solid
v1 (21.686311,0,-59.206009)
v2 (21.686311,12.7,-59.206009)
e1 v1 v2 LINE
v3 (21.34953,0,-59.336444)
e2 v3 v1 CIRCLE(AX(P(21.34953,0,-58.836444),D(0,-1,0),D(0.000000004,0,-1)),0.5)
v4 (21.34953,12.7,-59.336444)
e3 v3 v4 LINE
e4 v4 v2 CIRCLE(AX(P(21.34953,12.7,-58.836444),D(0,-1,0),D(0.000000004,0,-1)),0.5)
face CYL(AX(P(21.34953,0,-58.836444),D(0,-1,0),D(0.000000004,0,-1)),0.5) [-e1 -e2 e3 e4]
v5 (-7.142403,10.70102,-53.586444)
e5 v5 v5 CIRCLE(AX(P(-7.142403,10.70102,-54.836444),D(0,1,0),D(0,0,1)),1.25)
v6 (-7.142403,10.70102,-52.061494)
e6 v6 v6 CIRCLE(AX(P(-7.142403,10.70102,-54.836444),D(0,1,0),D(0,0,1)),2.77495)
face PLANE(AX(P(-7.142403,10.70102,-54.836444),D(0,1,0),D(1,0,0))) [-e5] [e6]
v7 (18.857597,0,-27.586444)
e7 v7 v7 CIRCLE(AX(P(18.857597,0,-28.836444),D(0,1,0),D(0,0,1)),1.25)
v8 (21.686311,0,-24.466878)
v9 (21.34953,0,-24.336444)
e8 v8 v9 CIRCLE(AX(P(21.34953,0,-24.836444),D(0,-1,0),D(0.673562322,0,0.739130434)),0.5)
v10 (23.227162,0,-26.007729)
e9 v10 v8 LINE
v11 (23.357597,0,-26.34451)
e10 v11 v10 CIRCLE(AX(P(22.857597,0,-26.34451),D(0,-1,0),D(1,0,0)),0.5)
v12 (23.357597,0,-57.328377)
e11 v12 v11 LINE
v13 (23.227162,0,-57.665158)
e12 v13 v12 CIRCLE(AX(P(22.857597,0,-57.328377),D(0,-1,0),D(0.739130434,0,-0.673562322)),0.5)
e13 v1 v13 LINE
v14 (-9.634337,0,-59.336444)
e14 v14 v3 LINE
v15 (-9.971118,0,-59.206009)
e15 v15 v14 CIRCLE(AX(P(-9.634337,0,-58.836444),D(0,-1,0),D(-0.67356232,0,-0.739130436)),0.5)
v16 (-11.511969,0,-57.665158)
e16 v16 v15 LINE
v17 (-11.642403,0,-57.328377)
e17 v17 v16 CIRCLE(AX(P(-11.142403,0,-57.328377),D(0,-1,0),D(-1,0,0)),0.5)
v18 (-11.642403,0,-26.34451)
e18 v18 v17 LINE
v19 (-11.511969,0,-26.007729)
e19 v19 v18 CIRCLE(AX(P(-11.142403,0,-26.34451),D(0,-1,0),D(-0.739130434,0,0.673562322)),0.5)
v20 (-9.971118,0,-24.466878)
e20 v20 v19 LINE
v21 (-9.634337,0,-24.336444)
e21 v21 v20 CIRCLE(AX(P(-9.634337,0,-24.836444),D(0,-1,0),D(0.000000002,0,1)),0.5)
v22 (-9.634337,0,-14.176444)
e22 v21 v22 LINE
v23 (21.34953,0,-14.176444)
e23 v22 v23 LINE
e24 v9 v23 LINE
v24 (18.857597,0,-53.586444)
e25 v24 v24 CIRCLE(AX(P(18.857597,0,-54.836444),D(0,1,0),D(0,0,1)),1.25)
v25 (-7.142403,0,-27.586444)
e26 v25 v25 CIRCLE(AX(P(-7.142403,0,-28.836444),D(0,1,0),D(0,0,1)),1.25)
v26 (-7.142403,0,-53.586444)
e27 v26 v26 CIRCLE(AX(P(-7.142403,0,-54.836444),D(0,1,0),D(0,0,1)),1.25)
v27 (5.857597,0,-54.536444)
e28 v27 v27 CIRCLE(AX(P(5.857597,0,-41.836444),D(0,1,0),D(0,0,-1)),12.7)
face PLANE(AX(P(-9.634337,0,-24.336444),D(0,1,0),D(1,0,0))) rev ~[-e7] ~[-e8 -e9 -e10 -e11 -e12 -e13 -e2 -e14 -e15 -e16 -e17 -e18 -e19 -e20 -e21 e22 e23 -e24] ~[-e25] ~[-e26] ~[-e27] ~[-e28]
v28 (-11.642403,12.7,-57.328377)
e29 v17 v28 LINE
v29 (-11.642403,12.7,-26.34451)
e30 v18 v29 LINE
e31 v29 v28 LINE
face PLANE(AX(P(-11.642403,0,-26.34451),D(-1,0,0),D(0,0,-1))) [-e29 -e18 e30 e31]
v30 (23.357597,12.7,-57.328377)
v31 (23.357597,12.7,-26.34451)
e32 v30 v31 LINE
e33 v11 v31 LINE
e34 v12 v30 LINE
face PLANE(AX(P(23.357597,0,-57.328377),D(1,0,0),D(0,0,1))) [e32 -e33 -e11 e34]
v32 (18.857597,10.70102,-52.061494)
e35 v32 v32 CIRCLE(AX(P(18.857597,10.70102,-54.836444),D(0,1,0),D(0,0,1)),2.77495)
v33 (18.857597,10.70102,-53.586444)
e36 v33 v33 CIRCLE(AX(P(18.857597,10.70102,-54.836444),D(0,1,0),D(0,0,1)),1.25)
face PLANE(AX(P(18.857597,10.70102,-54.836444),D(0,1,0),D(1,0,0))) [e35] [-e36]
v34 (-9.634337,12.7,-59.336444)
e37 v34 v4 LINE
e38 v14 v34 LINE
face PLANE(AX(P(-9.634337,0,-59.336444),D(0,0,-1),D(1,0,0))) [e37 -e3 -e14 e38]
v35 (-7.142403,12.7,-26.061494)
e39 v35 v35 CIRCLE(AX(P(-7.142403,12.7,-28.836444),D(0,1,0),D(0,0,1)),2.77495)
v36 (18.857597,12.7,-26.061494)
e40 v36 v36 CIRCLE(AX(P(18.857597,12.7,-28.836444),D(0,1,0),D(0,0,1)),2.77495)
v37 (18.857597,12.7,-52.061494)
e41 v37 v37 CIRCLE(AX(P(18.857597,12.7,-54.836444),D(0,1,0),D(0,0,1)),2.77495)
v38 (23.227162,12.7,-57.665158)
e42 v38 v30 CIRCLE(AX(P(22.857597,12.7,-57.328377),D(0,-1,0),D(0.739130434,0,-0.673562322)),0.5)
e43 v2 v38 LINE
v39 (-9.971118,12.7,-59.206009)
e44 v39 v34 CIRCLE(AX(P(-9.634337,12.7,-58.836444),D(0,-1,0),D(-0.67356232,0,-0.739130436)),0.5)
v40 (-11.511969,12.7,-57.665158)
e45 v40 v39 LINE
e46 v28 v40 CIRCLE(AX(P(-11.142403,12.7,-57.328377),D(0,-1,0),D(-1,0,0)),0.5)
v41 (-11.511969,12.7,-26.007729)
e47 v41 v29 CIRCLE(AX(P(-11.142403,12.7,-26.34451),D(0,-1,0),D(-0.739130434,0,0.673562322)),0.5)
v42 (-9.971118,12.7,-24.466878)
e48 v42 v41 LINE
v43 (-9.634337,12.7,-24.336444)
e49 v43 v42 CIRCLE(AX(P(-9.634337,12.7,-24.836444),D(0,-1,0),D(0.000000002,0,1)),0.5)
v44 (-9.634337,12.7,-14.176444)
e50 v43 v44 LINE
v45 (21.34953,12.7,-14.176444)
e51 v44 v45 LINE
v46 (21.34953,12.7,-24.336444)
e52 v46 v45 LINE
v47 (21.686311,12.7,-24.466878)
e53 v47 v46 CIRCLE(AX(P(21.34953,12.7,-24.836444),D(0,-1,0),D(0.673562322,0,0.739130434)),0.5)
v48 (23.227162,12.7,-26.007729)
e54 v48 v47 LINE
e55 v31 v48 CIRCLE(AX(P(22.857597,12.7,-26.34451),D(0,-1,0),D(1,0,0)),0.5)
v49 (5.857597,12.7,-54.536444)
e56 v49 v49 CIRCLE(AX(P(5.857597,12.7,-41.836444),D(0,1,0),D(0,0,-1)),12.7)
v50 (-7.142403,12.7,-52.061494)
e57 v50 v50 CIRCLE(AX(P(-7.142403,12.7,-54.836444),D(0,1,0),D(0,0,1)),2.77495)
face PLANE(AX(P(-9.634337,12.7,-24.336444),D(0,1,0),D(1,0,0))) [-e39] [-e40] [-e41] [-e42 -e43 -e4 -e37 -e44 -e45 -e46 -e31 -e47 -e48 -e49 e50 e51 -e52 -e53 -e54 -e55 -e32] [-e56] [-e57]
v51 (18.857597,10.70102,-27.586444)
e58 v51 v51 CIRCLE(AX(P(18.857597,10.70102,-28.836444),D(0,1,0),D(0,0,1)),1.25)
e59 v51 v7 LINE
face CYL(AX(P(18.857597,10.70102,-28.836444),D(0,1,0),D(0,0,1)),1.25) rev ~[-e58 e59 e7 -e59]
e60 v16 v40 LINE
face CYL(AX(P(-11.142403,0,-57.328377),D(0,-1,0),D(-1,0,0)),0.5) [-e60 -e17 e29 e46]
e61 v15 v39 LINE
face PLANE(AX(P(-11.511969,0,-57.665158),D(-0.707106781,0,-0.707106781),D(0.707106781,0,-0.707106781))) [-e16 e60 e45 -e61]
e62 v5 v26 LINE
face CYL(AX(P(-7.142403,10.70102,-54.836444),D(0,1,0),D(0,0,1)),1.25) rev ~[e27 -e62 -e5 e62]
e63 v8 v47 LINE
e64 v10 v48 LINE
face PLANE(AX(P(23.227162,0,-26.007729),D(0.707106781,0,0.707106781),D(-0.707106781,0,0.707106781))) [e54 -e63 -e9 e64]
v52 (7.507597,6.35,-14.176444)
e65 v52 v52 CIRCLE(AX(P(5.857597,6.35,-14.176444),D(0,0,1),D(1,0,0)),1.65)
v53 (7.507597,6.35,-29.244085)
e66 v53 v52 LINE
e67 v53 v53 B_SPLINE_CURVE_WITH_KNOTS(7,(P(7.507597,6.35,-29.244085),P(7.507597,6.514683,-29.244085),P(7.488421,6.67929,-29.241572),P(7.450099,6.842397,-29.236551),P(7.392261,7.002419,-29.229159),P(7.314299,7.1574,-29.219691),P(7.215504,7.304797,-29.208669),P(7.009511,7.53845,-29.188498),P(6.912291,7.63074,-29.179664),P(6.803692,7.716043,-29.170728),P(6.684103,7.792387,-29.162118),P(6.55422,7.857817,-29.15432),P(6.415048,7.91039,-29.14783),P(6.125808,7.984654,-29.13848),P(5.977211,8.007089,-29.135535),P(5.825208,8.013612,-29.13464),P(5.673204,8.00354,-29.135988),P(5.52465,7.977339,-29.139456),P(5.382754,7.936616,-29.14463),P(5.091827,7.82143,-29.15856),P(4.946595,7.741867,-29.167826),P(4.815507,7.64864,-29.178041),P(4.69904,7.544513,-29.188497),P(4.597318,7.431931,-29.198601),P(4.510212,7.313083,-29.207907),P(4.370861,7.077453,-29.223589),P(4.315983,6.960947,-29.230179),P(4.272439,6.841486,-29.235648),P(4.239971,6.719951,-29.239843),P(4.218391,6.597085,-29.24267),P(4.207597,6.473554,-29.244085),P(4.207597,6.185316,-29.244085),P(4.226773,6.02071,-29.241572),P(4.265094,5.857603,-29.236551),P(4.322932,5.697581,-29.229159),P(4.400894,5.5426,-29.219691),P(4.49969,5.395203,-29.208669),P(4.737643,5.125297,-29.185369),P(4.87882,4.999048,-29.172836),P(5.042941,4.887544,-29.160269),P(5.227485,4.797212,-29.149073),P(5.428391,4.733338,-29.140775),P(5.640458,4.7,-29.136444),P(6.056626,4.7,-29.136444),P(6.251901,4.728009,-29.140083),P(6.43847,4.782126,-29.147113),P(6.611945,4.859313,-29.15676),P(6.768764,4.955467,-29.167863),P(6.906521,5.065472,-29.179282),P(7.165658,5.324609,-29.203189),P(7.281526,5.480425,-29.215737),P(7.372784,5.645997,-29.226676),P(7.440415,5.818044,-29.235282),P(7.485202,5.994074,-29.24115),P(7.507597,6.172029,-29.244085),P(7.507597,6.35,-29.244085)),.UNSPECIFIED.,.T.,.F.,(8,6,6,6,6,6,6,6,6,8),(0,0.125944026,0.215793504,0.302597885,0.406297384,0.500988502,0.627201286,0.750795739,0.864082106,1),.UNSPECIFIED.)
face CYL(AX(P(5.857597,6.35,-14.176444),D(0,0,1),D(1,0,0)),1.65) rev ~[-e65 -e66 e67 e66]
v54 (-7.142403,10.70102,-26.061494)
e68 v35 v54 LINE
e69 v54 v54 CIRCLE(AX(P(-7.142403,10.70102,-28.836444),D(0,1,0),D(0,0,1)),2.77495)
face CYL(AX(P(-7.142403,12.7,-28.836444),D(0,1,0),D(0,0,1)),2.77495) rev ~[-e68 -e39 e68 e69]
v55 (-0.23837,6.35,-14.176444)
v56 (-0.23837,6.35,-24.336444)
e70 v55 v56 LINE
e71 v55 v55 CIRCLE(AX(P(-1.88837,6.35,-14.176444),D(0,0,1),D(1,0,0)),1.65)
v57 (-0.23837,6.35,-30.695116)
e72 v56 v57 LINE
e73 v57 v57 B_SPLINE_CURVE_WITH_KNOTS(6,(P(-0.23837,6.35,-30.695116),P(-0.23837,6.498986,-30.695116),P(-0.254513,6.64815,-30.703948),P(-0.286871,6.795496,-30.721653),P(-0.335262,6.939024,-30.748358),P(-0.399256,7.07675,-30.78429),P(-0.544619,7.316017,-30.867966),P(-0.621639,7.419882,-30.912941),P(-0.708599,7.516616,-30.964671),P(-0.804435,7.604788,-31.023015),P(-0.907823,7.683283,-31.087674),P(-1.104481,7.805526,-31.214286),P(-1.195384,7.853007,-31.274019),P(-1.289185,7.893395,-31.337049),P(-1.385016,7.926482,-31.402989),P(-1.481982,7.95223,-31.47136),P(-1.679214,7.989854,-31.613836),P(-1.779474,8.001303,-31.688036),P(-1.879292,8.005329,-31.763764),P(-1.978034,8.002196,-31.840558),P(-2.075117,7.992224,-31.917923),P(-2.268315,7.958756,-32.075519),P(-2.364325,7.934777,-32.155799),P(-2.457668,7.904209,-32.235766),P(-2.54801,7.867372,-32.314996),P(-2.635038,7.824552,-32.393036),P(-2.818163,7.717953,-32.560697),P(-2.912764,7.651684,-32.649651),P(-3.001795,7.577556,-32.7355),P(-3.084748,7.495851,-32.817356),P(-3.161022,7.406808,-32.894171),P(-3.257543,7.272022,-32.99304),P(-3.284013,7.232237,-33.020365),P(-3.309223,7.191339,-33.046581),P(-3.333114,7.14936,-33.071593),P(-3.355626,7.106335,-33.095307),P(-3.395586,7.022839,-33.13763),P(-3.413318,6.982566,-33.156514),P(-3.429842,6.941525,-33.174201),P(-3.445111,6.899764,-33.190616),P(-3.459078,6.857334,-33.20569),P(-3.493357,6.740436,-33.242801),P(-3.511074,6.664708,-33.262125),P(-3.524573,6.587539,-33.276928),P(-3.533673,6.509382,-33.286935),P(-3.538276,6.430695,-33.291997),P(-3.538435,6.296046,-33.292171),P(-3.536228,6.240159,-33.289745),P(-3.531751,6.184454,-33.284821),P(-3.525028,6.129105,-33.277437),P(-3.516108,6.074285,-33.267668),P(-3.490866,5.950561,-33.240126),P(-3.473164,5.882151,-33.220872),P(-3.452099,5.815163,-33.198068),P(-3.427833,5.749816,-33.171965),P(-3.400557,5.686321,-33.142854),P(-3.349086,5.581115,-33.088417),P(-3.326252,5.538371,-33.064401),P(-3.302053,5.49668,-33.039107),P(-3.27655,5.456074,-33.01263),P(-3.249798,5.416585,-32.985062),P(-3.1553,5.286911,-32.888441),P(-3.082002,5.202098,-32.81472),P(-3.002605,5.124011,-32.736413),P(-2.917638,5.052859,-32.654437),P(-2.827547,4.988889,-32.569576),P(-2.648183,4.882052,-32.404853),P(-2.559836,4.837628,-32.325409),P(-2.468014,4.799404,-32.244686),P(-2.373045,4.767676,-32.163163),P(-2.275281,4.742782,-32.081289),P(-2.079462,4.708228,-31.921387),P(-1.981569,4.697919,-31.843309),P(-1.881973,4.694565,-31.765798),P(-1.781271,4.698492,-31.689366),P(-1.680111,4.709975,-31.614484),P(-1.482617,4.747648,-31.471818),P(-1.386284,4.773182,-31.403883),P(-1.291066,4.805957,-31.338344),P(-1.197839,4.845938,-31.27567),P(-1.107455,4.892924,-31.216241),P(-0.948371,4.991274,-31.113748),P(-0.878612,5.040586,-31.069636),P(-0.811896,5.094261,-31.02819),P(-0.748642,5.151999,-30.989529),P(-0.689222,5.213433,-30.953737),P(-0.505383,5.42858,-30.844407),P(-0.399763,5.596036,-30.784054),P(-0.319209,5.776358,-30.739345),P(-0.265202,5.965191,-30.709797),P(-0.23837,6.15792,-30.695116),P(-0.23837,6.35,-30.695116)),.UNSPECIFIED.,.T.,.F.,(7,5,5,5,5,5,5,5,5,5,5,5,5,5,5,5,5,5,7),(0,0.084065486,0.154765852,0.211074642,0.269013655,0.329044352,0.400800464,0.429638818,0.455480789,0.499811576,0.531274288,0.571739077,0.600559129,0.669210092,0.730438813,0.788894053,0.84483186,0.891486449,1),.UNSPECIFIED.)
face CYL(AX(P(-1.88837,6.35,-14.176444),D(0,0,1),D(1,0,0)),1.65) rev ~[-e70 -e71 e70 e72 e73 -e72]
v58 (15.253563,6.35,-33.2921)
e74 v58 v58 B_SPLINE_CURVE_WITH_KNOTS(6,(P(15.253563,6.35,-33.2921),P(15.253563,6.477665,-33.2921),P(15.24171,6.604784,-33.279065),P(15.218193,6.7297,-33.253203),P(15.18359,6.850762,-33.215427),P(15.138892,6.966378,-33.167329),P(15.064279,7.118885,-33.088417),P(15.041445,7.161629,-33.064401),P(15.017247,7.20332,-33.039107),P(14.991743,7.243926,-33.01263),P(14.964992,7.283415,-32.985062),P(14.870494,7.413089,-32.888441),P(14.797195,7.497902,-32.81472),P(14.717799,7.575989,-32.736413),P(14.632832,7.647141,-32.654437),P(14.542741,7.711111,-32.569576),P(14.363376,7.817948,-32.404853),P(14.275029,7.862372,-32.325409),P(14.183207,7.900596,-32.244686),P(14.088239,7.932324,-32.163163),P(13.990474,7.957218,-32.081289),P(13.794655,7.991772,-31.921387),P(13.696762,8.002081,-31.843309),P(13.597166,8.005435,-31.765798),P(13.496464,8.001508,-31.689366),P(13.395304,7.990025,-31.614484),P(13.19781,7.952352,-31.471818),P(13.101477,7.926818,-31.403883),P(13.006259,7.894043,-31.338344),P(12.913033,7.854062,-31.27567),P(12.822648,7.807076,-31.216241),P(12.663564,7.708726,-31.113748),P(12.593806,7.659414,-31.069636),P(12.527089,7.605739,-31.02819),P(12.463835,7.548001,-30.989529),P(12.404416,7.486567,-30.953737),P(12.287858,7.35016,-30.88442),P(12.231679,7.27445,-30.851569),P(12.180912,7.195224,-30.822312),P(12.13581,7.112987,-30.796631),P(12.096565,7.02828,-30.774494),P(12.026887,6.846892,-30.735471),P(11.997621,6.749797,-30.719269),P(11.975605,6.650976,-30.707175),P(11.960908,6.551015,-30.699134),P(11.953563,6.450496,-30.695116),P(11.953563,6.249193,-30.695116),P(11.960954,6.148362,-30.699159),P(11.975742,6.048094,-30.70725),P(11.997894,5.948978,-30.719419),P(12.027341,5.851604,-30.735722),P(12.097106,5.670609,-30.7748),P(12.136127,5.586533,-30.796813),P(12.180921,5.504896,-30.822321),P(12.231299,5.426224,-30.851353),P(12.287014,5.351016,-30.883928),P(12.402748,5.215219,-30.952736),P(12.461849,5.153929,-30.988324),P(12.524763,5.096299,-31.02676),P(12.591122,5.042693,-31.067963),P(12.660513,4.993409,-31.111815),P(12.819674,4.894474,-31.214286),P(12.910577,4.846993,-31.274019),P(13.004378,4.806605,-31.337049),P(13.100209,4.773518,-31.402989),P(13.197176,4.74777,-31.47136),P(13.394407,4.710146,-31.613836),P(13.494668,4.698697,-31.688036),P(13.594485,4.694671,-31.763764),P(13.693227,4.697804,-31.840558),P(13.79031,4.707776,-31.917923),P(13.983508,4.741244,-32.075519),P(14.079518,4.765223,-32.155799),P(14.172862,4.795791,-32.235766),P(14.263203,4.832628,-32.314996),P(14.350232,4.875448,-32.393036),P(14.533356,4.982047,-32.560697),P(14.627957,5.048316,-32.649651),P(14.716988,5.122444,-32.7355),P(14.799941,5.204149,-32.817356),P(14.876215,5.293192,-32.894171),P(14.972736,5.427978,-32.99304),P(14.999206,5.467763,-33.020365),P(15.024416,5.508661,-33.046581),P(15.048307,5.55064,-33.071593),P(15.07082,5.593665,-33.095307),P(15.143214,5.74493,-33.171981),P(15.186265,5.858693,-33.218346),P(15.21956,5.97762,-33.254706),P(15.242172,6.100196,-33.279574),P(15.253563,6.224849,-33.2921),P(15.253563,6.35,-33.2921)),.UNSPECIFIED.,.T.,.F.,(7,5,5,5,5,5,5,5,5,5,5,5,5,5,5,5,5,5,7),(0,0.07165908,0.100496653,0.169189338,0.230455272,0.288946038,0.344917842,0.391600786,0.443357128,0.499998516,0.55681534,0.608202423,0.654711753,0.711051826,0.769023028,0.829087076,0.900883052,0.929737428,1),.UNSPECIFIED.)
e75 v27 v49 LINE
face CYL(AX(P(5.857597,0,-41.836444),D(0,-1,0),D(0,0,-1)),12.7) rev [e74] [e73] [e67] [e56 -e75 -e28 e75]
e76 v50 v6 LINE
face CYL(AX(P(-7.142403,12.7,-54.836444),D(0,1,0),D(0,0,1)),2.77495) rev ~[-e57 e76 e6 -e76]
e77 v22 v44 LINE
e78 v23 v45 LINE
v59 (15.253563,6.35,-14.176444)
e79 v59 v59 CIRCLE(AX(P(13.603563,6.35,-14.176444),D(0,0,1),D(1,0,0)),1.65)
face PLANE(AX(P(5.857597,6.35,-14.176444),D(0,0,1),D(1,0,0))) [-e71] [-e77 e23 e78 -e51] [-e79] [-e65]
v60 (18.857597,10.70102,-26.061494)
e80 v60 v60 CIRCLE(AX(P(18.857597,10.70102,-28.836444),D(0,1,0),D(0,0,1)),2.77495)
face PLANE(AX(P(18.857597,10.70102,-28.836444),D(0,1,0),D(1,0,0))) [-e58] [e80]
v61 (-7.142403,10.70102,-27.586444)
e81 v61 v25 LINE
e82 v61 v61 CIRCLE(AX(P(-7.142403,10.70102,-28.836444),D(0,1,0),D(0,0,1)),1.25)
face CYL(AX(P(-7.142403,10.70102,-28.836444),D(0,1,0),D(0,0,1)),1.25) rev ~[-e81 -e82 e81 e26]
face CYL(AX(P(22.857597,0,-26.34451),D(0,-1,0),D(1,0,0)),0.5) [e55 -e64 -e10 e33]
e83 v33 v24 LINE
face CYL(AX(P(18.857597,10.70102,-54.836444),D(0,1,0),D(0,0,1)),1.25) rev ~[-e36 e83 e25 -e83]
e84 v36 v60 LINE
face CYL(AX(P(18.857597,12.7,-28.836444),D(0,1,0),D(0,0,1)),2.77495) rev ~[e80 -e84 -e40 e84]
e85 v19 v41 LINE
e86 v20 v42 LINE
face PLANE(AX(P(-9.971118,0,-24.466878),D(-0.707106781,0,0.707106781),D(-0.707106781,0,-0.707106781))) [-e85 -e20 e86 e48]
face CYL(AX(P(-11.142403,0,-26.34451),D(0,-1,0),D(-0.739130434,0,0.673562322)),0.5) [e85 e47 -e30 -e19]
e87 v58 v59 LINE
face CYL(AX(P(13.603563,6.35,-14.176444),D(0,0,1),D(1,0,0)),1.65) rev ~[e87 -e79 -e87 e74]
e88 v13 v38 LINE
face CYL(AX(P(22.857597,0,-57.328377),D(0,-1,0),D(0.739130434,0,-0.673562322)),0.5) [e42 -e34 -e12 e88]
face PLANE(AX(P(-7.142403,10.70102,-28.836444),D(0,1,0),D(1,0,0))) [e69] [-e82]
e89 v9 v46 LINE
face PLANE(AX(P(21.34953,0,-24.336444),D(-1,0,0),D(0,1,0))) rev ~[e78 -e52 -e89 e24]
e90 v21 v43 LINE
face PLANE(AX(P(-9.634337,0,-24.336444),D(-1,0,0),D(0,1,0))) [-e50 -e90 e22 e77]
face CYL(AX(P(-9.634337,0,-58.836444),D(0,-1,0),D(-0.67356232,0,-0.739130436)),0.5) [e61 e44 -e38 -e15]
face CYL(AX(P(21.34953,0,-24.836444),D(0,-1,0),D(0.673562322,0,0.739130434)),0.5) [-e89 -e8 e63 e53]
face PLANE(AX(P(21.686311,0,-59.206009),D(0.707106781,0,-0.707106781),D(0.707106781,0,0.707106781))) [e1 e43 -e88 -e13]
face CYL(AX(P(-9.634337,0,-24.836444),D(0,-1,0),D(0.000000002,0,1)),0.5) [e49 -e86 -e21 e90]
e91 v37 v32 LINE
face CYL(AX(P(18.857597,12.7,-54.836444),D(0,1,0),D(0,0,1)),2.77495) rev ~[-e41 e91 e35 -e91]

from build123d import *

# Parameters (mm, degrees)
SKETCH1_R           = 12.7
SKETCH1_R_2         = 1.65
BOSS_EXTRUDE1_DEPTH = 12.7
SKETCH2_R           = 1.65
CUT_EXTRUDE1_DEPTH  = 12.7
SKETCH3_R           = 2.77495
CUT_EXTRUDE3_DEPTH  = 1.99898
SKETCH7_R           = 1.65
BOSS_EXTRUDE2_DEPTH = 10.70102
SKETCH8_R           = 1.65
BOSS_EXTRUDE3_DEPTH = 10.70102
SKETCH9_R           = 1.65
BOSS_EXTRUDE4_DEPTH = 10.70102
SKETCH10_R          = 1.65
BOSS_EXTRUDE5_DEPTH = 10.70102
SKETCH12_R          = 1.25
CUT_EXTRUDE4_DEPTH  = 12.7
SKETCH11_R          = 1.25
CUT_EXTRUDE5_DEPTH  = 12.7
SKETCH17_W          = 30.98386677
SKETCH17_H          = 12.7
BOSS_EXTRUDE6_DEPTH = 10.16
SKETCH18_R          = 1.650000002
SKETCH18_R_2        = 1.65
CUT_EXTRUDE6_DEPTH  = 24.384


with BuildPart() as part:
    # Sketch1 → Boss-Extrude1 (new body)
    with BuildSketch(Plane(origin=(0, 0, 0), x_dir=(1, 0, 0), z_dir=(0, 1, 0))):
        with BuildLine():
            Line((21.686311219, 59.206008809), (23.227161891, 57.665158137))
            ThreePointArc((23.227161891, 57.665158137), (23.323849078, 57.508955756), (23.357596674, 57.328376976))
            Line((23.357596674, 57.328376976), (23.357596674, 26.344510207))
            ThreePointArc((23.357596674, 26.344510207), (23.323849078, 26.163931427), (23.227161891, 26.007729046))
            Line((23.227161891, 26.007729046), (21.686311219, 24.466878374))
            ThreePointArc((21.686311219, 24.466878374), (21.530108838, 24.370191187), (21.349530059, 24.336443591))
            Line((21.349530059, 24.336443591), (-9.634336711, 24.336443591))
            ThreePointArc((-9.634336711, 24.336443591), (-9.814915491, 24.370191187), (-9.971117871, 24.466878374))
            Line((-9.971117871, 24.466878374), (-11.511968543, 26.007729046))
            ThreePointArc((-11.511968543, 26.007729046), (-11.60865573, 26.163931427), (-11.642403326, 26.344510207))
            Line((-11.642403326, 26.344510207), (-11.642403326, 57.328376976))
            ThreePointArc((-11.642403326, 57.328376976), (-11.60865573, 57.508955756), (-11.511968543, 57.665158137))
            Line((-11.511968543, 57.665158137), (-9.971117871, 59.206008809))
            ThreePointArc((-9.971117871, 59.206008809), (-9.814915491, 59.302695995), (-9.634336711, 59.336443591))
            Line((-9.634336711, 59.336443591), (21.349530059, 59.336443591))
            ThreePointArc((21.349530059, 59.336443591), (21.530108838, 59.302695995), (21.686311219, 59.206008809))
        make_face()
        with Locations(Location((5.857596674, 41.836443591, 0), (0, 0, 90))):
            Circle(SKETCH1_R, mode=Mode.SUBTRACT)
        with Locations(Location((18.857596674, 54.836443591, 0), (0, 0, 90))):
            Circle(SKETCH1_R_2, mode=Mode.SUBTRACT)
        with Locations(Location((18.857596674, 28.836443591, 0), (0, 0, 90))):
            Circle(SKETCH1_R_2, mode=Mode.SUBTRACT)
        with Locations(Location((-7.142403326, 54.836443591, 0), (0, 0, 90))):
            Circle(SKETCH1_R_2, mode=Mode.SUBTRACT)
        with Locations(Location((-7.142403326, 28.836443591, 0), (0, 0, 90))):
            Circle(SKETCH1_R_2, mode=Mode.SUBTRACT)
    extrude(amount=BOSS_EXTRUDE1_DEPTH)

    # Sketch2 → Cut-Extrude1 (cut)
    with BuildSketch(Plane.XY.offset(-24.336443591)):
        with Locations((-1.888370018, 6.35)):
            Circle(SKETCH2_R)
        with Locations((13.603563366, 6.35)):
            Circle(SKETCH2_R)
        with Locations((5.857596674, 6.35)):
            Circle(SKETCH2_R)
    extrude(amount=-CUT_EXTRUDE1_DEPTH, mode=Mode.SUBTRACT)

    # Sketch3 → Cut-Extrude3 (cut)
    with BuildSketch(Plane(origin=(0, 12.7, 0), x_dir=(1, 0, 0), z_dir=(0, 1, 0))):
        with Locations(Location((-7.142403326, 54.836443591, 0), (0, 0, 270))):
            Circle(SKETCH3_R)
        with Locations(Location((18.857596674, 54.836443591, 0), (0, 0, 270))):
            Circle(SKETCH3_R)
        with Locations(Location((-7.142403326, 28.836443591, 0), (0, 0, 270))):
            Circle(SKETCH3_R)
        with Locations(Location((18.857596674, 28.836443591, 0), (0, 0, 270))):
            Circle(SKETCH3_R)
    extrude(amount=-CUT_EXTRUDE3_DEPTH, mode=Mode.SUBTRACT)

    # Sketch7 → Boss-Extrude2 (add, through all)
    with BuildSketch(Plane(origin=(0, 10.70102, 0), x_dir=(1, 0, 0), z_dir=(0, 1, 0))):
        with Locations((-7.142403326, 28.836443591)):
            Circle(SKETCH7_R)
    extrude(amount=-BOSS_EXTRUDE2_DEPTH)

    # Sketch8 → Boss-Extrude3 (add, through all)
    with BuildSketch(Plane(origin=(0, 10.70102, 0), x_dir=(1, 0, 0), z_dir=(0, 1, 0))):
        with Locations((-7.142403326, 54.836443591)):
            Circle(SKETCH8_R)
    extrude(amount=-BOSS_EXTRUDE3_DEPTH)

    # Sketch9 → Boss-Extrude4 (add, through all)
    with BuildSketch(Plane(origin=(0, 10.70102, 0), x_dir=(1, 0, 0), z_dir=(0, 1, 0))):
        with Locations((18.857596674, 54.836443591)):
            Circle(SKETCH9_R)
    extrude(amount=-BOSS_EXTRUDE4_DEPTH)

    # Sketch10 → Boss-Extrude5 (add, through all)
    with BuildSketch(Plane(origin=(0, 10.70102, 0), x_dir=(1, 0, 0), z_dir=(0, 1, 0))):
        with Locations((18.857596674, 28.836443591)):
            Circle(SKETCH10_R)
    extrude(amount=-BOSS_EXTRUDE5_DEPTH)

    # Sketch12 → Cut-Extrude4 (cut)
    with BuildSketch(Plane(origin=(0, 10.70102, 0), x_dir=(1, 0, 0), z_dir=(0, 1, 0))):
        with Locations(Location((18.857596674, 54.836443591, 0), (0, 0, 270))):
            Circle(SKETCH12_R)
        with Locations(Location((-7.142403326, 28.836443591, 0), (0, 0, 270))):
            Circle(SKETCH12_R)
        with Locations(Location((18.857596674, 28.836443591, 0), (0, 0, 270))):
            Circle(SKETCH12_R)
    extrude(amount=-CUT_EXTRUDE4_DEPTH, mode=Mode.SUBTRACT)

    # Sketch11 → Cut-Extrude5 (cut)
    with BuildSketch(Plane(origin=(0, 10.70102, 0), x_dir=(1, 0, 0), z_dir=(0, 1, 0))):
        with Locations(Location((-7.142403326, 54.836443591, 0), (0, 0, 270))):
            Circle(SKETCH11_R)
    extrude(amount=-CUT_EXTRUDE5_DEPTH, mode=Mode.SUBTRACT)

    # Sketch17 → Boss-Extrude6 (add)
    with BuildSketch(Plane.XY.offset(-24.336443591)):
        with Locations((5.857596674, 6.35)):
            Rectangle(SKETCH17_W, SKETCH17_H)
    extrude(amount=BOSS_EXTRUDE6_DEPTH)

    # Sketch18 → Cut-Extrude6 (cut)
    with BuildSketch(Plane.XY.offset(-14.176443591)):
        with Locations((-1.888370018, 6.35)):
            Circle(SKETCH18_R)
        with Locations((5.857596674, 6.35)):
            Circle(SKETCH18_R_2)
        with Locations((13.603563366, 6.35)):
            Circle(SKETCH18_R_2)
    extrude(amount=-CUT_EXTRUDE6_DEPTH, mode=Mode.SUBTRACT)


solid = part.part
